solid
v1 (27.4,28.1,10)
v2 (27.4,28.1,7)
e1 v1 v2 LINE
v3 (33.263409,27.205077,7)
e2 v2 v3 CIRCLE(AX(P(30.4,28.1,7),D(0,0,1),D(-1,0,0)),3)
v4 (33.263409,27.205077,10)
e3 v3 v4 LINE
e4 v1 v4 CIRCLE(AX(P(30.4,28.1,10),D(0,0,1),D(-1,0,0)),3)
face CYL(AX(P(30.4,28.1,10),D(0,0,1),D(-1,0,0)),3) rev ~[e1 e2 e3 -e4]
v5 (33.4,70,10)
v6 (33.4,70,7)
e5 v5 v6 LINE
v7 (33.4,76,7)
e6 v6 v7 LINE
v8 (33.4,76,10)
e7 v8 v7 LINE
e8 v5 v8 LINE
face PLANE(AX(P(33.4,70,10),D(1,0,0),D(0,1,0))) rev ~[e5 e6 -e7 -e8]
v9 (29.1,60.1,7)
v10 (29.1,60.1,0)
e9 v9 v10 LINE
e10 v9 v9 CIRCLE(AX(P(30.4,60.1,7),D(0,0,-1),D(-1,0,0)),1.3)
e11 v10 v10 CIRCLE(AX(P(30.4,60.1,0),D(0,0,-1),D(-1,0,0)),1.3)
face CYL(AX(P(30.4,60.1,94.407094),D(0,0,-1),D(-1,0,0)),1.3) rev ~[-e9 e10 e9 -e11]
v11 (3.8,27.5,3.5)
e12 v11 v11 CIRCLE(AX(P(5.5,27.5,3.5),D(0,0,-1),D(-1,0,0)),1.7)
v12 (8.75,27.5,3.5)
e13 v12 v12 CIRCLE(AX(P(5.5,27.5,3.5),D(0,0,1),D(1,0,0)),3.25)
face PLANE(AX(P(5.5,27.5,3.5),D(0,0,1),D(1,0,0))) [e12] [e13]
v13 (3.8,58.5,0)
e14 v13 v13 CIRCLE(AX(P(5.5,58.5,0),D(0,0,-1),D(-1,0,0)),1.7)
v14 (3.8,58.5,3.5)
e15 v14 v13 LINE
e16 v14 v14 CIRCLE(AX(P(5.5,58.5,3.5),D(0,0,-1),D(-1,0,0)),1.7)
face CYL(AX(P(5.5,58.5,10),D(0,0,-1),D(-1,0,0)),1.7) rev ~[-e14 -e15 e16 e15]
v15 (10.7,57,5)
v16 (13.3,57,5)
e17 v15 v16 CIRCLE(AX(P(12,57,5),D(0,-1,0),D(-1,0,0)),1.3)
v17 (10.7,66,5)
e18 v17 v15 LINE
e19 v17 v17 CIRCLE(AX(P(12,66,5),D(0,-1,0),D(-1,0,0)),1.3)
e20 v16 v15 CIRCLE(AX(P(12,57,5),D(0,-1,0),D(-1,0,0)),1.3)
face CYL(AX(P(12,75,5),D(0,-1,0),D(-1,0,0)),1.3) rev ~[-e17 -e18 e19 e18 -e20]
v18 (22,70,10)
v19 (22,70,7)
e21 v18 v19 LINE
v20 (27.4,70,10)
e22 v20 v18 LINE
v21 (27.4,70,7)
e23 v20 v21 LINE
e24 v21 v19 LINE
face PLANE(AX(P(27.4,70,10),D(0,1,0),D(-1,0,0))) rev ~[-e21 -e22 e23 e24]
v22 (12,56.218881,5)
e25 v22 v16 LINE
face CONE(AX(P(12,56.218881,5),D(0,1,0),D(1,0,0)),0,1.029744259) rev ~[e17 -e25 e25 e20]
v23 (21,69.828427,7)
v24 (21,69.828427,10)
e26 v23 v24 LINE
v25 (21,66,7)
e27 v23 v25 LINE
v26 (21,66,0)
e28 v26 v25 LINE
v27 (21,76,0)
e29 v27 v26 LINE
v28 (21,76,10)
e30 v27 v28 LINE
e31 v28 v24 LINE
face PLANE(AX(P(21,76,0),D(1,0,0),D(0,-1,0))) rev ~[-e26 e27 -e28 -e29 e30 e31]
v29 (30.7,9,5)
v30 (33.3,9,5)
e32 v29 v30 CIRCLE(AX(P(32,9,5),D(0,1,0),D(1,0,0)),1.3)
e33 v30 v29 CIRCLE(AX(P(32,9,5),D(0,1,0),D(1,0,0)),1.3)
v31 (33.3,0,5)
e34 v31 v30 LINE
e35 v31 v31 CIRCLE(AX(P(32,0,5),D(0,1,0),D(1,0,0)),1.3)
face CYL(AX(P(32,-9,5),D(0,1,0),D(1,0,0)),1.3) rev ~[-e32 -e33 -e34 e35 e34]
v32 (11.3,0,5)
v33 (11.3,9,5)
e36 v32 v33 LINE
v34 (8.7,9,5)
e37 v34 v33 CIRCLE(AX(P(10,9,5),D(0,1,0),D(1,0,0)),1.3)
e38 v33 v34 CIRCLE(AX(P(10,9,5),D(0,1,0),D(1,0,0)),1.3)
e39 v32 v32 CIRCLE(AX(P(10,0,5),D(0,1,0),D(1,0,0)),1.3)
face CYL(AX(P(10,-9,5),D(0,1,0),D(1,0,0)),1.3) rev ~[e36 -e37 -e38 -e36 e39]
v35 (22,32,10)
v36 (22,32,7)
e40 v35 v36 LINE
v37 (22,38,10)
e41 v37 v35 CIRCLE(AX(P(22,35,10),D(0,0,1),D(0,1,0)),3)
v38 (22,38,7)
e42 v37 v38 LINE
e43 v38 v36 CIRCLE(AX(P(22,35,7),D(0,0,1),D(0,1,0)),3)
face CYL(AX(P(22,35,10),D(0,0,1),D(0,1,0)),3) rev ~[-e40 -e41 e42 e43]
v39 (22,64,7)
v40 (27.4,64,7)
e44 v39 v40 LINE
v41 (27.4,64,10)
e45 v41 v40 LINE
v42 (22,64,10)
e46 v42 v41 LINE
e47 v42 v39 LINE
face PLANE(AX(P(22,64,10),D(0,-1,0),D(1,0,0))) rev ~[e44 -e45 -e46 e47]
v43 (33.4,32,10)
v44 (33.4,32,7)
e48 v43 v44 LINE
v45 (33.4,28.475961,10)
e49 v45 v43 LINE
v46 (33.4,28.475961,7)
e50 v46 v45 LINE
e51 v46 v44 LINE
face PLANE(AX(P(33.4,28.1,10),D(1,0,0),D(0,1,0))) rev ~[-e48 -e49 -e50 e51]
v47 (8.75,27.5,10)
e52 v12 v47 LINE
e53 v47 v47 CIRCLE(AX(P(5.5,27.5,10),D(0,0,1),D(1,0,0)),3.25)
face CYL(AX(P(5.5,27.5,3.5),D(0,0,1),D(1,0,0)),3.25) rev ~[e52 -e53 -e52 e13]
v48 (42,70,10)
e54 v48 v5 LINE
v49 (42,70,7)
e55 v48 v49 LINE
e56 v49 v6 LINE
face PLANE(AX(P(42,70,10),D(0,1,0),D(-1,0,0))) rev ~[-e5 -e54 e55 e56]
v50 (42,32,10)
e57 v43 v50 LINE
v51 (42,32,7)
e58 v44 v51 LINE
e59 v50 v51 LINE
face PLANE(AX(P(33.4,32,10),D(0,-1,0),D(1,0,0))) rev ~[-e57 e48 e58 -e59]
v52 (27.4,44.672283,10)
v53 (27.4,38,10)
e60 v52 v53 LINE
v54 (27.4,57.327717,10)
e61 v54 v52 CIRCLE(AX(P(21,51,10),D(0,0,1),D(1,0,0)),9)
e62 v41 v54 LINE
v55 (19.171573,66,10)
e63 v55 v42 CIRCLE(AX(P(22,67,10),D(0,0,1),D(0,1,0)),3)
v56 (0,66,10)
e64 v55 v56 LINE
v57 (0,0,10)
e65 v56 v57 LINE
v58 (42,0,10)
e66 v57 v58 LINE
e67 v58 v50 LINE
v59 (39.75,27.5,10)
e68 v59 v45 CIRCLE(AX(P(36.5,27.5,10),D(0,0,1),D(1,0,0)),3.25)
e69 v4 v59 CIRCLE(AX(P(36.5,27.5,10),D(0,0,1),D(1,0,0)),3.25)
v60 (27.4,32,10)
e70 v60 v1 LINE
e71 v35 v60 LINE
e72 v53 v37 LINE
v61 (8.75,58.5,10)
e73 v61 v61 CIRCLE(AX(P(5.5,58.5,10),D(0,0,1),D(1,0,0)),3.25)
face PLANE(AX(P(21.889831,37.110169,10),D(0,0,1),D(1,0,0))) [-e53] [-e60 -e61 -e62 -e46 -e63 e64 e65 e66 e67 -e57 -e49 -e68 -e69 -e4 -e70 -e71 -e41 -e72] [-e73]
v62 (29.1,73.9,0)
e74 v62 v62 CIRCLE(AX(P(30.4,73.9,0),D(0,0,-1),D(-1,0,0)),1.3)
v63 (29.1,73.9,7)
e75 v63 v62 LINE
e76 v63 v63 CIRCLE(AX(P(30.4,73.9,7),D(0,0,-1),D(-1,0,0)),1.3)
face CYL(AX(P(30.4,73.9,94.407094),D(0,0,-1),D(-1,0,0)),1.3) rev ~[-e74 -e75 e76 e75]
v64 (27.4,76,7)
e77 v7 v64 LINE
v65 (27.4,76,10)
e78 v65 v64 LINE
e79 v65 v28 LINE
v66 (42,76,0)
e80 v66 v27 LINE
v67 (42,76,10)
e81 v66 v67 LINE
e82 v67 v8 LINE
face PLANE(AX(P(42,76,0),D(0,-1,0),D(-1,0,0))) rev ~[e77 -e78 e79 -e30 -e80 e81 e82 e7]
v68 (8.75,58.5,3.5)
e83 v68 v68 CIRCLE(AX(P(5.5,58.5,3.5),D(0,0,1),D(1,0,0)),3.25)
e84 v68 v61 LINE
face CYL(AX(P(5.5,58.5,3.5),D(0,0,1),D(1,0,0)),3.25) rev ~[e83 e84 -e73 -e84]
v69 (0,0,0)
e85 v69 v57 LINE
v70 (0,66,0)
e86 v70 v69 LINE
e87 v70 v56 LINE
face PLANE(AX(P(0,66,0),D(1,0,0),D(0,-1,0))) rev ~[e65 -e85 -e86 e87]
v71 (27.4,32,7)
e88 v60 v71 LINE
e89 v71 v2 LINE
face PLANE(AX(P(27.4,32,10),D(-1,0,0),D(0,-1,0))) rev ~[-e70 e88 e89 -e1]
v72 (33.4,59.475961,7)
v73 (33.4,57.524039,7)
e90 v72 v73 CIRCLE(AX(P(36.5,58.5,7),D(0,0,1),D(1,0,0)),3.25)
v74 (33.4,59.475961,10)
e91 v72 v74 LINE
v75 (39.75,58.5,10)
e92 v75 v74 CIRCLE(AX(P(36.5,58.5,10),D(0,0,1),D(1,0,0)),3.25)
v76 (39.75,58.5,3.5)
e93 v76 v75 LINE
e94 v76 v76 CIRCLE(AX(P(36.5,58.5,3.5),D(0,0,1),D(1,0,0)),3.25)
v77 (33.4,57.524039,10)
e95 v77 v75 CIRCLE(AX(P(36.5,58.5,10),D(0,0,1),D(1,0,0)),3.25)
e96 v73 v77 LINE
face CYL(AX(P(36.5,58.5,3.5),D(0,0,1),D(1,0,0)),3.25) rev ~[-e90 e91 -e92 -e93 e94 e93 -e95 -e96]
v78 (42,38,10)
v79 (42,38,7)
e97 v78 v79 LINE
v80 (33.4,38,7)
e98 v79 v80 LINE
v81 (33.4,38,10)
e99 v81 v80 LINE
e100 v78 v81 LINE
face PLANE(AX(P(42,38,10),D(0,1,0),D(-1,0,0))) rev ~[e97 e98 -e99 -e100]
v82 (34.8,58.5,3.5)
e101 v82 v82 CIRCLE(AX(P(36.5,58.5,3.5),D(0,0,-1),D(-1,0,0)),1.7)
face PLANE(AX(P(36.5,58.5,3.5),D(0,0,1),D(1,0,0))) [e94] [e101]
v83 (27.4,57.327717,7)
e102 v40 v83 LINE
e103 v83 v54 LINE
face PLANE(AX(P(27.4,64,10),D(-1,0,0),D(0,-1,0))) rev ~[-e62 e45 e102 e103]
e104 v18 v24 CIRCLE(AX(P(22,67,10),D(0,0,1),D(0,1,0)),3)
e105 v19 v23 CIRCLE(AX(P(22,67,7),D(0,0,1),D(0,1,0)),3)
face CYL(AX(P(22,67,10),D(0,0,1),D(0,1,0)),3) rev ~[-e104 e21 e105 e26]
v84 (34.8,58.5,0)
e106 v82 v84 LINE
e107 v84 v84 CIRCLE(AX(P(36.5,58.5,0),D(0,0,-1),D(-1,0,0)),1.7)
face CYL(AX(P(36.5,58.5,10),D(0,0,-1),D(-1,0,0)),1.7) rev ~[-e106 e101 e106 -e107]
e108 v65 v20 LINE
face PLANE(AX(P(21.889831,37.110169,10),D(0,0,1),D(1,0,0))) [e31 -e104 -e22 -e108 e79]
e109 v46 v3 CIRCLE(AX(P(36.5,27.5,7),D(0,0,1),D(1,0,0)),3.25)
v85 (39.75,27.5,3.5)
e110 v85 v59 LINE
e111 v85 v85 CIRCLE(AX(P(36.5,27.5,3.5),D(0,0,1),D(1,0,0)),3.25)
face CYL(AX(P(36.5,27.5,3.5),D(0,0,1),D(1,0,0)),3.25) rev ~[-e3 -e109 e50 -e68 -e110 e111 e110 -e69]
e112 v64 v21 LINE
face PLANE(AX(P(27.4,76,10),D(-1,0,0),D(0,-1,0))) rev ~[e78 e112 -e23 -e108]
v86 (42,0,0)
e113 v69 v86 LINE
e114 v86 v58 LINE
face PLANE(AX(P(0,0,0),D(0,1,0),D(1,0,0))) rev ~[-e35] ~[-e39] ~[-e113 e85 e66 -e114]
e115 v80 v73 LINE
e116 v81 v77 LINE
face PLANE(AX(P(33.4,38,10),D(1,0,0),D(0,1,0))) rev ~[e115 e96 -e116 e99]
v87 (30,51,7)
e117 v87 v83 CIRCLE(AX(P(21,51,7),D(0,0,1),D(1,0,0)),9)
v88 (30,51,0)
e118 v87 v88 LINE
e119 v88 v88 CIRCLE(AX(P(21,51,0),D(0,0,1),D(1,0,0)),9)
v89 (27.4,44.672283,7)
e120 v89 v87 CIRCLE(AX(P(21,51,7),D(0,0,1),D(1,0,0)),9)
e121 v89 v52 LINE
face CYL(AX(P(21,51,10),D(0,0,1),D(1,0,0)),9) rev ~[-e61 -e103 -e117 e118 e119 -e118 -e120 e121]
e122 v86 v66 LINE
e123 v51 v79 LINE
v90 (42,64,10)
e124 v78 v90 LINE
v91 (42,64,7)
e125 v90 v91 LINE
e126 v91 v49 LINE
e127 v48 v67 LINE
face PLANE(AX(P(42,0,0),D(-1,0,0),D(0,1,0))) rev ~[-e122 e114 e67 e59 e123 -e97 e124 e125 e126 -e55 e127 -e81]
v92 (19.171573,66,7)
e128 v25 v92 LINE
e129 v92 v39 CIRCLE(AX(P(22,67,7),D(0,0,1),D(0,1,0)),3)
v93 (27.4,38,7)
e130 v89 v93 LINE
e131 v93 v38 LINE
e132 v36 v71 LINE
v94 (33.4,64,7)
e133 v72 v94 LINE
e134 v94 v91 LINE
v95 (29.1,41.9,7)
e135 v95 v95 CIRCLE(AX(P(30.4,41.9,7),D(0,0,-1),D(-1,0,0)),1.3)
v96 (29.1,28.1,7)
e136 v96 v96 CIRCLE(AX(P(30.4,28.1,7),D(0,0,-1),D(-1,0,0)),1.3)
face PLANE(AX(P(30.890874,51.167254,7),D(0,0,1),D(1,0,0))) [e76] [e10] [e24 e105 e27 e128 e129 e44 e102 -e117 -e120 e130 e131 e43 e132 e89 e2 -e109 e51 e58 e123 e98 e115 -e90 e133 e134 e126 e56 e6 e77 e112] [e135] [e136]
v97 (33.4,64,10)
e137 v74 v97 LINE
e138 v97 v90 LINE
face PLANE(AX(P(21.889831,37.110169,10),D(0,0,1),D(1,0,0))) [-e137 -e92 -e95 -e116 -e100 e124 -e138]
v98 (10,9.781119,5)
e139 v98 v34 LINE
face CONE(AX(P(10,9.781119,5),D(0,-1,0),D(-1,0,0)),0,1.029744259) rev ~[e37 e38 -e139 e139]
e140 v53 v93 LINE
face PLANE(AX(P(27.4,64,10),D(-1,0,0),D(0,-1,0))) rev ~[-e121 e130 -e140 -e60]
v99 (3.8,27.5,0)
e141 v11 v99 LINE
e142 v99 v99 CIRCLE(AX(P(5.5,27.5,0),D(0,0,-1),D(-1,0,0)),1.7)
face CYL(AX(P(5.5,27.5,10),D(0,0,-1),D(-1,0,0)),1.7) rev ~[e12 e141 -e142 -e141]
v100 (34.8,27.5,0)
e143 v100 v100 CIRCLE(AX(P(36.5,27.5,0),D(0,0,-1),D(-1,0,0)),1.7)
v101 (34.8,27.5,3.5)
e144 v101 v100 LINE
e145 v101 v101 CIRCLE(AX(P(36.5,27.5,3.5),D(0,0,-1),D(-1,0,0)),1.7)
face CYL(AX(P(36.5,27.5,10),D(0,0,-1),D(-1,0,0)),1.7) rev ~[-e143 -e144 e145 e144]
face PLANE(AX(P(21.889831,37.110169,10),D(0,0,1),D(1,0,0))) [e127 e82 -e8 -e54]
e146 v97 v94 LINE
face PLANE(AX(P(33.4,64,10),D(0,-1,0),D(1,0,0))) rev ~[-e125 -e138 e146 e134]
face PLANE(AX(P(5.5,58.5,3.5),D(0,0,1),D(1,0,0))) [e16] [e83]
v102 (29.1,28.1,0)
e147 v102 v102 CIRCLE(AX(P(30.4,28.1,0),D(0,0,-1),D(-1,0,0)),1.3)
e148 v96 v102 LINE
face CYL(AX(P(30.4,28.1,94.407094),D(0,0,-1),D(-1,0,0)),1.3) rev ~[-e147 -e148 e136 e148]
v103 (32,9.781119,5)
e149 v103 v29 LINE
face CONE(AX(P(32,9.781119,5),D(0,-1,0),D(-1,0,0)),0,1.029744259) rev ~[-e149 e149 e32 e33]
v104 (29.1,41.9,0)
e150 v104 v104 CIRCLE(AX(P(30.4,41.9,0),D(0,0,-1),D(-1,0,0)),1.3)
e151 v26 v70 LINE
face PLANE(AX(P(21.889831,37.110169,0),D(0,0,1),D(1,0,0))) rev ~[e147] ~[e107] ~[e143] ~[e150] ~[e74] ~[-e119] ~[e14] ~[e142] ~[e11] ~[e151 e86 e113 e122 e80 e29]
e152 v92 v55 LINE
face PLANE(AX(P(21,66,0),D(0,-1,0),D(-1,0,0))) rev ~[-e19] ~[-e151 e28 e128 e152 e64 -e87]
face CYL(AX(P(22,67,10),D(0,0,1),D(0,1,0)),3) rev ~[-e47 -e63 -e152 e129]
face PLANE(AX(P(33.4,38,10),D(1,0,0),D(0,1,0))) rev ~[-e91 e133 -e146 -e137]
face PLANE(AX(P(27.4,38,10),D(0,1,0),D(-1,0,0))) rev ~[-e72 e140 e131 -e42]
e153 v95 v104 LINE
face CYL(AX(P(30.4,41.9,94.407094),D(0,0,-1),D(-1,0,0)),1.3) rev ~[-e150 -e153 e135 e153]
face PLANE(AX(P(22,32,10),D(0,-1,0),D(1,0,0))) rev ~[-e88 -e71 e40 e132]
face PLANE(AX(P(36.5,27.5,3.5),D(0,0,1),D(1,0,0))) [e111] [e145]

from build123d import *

# Parameters (mm, degrees)
BOSS_EXTRUDE1_DEPTH                      = 10
CUT_EXTRUDE1_REACH                       = 89.407
SKETCH2_R                                = 9
CUT_EXTRUDE2_DEPTH                       = 3
CBORE_FOR_M3_PAN_HEAD_SCREW1_D           = 3.4
CBORE_FOR_M3_PAN_HEAD_SCREW1_CBORE_D     = 6.5
CBORE_FOR_M3_PAN_HEAD_SCREW1_CBORE_DEPTH = 6.5
M3X0_5_TAPPED_HOLE1_D                    = 2.6
M3X0_5_TAPPED_HOLE2_D                    = 2.6
M3X0_5_TAPPED_HOLE2_DEPTH                = 9
M3X0_5_TAPPED_HOLE2_TIP                  = 0.781118805
M3X0_5_TAPPED_HOLE3_D                    = 2.6
M3X0_5_TAPPED_HOLE3_DEPTH                = 9
M3X0_5_TAPPED_HOLE3_TIP                  = 0.781118805


with BuildPart() as part:
    # Sketch1 → Boss-Extrude1 (new body)
    with BuildSketch(Plane.XY):
        Polygon((0, 0), (42, 0), (42, 66), (42, 76), (21, 76), (21, 66), (0, 66), align=None)
    extrude(amount=BOSS_EXTRUDE1_DEPTH)

    # Sketch2 → Cut-Extrude1 (cut, up to next)
    with BuildSketch(Plane.XY.offset(10), mode=Mode.PRIVATE) as cut_extrude1_sk1:
        with Locations((21, 51)):
            Circle(SKETCH2_R)
    cut_extrude1_tool1 = extrude(cut_extrude1_sk1.sketch, amount=-CUT_EXTRUDE1_REACH, mode=Mode.PRIVATE) & part.part
    add(cut_extrude1_tool1.solids().sort_by_distance((21, 51, 10))[0], mode=Mode.SUBTRACT)

    # Sketch3 → Cut-Extrude2 (cut)
    with BuildSketch(Plane.XY.offset(10)):
        with BuildLine():
            Line((27.4, 32), (27.4, 28.1))
            ThreePointArc((27.4, 28.1), (30.4, 25.1), (33.4, 28.1))
            Line((33.4, 28.1), (33.4, 32))
            Line((33.4, 32), (42, 32))
            Line((42, 32), (42, 38))
            Line((42, 38), (33.4, 38))
            Line((33.4, 38), (33.4, 64))
            Line((33.4, 64), (42, 64))
            Line((42, 64), (42, 70))
            Line((42, 70), (33.4, 70))
            Line((33.4, 70), (33.4, 76))
            Line((33.4, 76), (27.4, 76))
            Line((27.4, 76), (27.4, 70))
            Line((27.4, 70), (22, 70))
            ThreePointArc((22, 70), (19, 67), (22, 64))
            Line((22, 64), (27.4, 64))
            Line((27.4, 64), (27.4, 38))
            Line((27.4, 38), (22, 38))
            ThreePointArc((22, 38), (19, 35), (22, 32))
            Line((22, 32), (27.4, 32))
        make_face()
    extrude(amount=-CUT_EXTRUDE2_DEPTH, mode=Mode.SUBTRACT)

    # CBORE for M3 Pan Head Screw1 (through all)
    with Locations(Plane.XY.offset(10)):
        with Locations((5.5, 58.5), (36.5, 58.5), (5.5, 27.5), (36.5, 27.5)):
            CounterBoreHole(CBORE_FOR_M3_PAN_HEAD_SCREW1_D / 2, CBORE_FOR_M3_PAN_HEAD_SCREW1_CBORE_D / 2, CBORE_FOR_M3_PAN_HEAD_SCREW1_CBORE_DEPTH)

    # M3x0.5 Tapped Hole1 (through all)
    with Locations(Plane.XY.offset(7)):
        with Locations((30.4, 73.9), (30.4, 60.1), (30.4, 41.9), (30.4, 28.1)):
            Hole(M3X0_5_TAPPED_HOLE1_D / 2)

    # M3x0.5 Tapped Hole2
    with Locations(Plane(origin=(0, 0, 0), x_dir=(-1, 0, 0), z_dir=(0, -1, 0))):
        with Locations((-10, -5), (-32, -5)):
            Hole(M3X0_5_TAPPED_HOLE2_D / 2, depth=M3X0_5_TAPPED_HOLE2_DEPTH)
            with Locations((0, 0, -(M3X0_5_TAPPED_HOLE2_DEPTH + M3X0_5_TAPPED_HOLE2_TIP / 2))):  # 118° drill point
                Cone(0, M3X0_5_TAPPED_HOLE2_D / 2, M3X0_5_TAPPED_HOLE2_TIP, mode=Mode.SUBTRACT)

    # M3x0.5 Tapped Hole3
    with Locations(Plane(origin=(0, 66, 0), x_dir=(1, 0, 0), z_dir=(0, 1, 0))):
        with Locations((12, -5)):
            Hole(M3X0_5_TAPPED_HOLE3_D / 2, depth=M3X0_5_TAPPED_HOLE3_DEPTH)
            with Locations((0, 0, -(M3X0_5_TAPPED_HOLE3_DEPTH + M3X0_5_TAPPED_HOLE3_TIP / 2))):  # 118° drill point
                Cone(0, M3X0_5_TAPPED_HOLE3_D / 2, M3X0_5_TAPPED_HOLE3_TIP, mode=Mode.SUBTRACT)


solid = part.part
